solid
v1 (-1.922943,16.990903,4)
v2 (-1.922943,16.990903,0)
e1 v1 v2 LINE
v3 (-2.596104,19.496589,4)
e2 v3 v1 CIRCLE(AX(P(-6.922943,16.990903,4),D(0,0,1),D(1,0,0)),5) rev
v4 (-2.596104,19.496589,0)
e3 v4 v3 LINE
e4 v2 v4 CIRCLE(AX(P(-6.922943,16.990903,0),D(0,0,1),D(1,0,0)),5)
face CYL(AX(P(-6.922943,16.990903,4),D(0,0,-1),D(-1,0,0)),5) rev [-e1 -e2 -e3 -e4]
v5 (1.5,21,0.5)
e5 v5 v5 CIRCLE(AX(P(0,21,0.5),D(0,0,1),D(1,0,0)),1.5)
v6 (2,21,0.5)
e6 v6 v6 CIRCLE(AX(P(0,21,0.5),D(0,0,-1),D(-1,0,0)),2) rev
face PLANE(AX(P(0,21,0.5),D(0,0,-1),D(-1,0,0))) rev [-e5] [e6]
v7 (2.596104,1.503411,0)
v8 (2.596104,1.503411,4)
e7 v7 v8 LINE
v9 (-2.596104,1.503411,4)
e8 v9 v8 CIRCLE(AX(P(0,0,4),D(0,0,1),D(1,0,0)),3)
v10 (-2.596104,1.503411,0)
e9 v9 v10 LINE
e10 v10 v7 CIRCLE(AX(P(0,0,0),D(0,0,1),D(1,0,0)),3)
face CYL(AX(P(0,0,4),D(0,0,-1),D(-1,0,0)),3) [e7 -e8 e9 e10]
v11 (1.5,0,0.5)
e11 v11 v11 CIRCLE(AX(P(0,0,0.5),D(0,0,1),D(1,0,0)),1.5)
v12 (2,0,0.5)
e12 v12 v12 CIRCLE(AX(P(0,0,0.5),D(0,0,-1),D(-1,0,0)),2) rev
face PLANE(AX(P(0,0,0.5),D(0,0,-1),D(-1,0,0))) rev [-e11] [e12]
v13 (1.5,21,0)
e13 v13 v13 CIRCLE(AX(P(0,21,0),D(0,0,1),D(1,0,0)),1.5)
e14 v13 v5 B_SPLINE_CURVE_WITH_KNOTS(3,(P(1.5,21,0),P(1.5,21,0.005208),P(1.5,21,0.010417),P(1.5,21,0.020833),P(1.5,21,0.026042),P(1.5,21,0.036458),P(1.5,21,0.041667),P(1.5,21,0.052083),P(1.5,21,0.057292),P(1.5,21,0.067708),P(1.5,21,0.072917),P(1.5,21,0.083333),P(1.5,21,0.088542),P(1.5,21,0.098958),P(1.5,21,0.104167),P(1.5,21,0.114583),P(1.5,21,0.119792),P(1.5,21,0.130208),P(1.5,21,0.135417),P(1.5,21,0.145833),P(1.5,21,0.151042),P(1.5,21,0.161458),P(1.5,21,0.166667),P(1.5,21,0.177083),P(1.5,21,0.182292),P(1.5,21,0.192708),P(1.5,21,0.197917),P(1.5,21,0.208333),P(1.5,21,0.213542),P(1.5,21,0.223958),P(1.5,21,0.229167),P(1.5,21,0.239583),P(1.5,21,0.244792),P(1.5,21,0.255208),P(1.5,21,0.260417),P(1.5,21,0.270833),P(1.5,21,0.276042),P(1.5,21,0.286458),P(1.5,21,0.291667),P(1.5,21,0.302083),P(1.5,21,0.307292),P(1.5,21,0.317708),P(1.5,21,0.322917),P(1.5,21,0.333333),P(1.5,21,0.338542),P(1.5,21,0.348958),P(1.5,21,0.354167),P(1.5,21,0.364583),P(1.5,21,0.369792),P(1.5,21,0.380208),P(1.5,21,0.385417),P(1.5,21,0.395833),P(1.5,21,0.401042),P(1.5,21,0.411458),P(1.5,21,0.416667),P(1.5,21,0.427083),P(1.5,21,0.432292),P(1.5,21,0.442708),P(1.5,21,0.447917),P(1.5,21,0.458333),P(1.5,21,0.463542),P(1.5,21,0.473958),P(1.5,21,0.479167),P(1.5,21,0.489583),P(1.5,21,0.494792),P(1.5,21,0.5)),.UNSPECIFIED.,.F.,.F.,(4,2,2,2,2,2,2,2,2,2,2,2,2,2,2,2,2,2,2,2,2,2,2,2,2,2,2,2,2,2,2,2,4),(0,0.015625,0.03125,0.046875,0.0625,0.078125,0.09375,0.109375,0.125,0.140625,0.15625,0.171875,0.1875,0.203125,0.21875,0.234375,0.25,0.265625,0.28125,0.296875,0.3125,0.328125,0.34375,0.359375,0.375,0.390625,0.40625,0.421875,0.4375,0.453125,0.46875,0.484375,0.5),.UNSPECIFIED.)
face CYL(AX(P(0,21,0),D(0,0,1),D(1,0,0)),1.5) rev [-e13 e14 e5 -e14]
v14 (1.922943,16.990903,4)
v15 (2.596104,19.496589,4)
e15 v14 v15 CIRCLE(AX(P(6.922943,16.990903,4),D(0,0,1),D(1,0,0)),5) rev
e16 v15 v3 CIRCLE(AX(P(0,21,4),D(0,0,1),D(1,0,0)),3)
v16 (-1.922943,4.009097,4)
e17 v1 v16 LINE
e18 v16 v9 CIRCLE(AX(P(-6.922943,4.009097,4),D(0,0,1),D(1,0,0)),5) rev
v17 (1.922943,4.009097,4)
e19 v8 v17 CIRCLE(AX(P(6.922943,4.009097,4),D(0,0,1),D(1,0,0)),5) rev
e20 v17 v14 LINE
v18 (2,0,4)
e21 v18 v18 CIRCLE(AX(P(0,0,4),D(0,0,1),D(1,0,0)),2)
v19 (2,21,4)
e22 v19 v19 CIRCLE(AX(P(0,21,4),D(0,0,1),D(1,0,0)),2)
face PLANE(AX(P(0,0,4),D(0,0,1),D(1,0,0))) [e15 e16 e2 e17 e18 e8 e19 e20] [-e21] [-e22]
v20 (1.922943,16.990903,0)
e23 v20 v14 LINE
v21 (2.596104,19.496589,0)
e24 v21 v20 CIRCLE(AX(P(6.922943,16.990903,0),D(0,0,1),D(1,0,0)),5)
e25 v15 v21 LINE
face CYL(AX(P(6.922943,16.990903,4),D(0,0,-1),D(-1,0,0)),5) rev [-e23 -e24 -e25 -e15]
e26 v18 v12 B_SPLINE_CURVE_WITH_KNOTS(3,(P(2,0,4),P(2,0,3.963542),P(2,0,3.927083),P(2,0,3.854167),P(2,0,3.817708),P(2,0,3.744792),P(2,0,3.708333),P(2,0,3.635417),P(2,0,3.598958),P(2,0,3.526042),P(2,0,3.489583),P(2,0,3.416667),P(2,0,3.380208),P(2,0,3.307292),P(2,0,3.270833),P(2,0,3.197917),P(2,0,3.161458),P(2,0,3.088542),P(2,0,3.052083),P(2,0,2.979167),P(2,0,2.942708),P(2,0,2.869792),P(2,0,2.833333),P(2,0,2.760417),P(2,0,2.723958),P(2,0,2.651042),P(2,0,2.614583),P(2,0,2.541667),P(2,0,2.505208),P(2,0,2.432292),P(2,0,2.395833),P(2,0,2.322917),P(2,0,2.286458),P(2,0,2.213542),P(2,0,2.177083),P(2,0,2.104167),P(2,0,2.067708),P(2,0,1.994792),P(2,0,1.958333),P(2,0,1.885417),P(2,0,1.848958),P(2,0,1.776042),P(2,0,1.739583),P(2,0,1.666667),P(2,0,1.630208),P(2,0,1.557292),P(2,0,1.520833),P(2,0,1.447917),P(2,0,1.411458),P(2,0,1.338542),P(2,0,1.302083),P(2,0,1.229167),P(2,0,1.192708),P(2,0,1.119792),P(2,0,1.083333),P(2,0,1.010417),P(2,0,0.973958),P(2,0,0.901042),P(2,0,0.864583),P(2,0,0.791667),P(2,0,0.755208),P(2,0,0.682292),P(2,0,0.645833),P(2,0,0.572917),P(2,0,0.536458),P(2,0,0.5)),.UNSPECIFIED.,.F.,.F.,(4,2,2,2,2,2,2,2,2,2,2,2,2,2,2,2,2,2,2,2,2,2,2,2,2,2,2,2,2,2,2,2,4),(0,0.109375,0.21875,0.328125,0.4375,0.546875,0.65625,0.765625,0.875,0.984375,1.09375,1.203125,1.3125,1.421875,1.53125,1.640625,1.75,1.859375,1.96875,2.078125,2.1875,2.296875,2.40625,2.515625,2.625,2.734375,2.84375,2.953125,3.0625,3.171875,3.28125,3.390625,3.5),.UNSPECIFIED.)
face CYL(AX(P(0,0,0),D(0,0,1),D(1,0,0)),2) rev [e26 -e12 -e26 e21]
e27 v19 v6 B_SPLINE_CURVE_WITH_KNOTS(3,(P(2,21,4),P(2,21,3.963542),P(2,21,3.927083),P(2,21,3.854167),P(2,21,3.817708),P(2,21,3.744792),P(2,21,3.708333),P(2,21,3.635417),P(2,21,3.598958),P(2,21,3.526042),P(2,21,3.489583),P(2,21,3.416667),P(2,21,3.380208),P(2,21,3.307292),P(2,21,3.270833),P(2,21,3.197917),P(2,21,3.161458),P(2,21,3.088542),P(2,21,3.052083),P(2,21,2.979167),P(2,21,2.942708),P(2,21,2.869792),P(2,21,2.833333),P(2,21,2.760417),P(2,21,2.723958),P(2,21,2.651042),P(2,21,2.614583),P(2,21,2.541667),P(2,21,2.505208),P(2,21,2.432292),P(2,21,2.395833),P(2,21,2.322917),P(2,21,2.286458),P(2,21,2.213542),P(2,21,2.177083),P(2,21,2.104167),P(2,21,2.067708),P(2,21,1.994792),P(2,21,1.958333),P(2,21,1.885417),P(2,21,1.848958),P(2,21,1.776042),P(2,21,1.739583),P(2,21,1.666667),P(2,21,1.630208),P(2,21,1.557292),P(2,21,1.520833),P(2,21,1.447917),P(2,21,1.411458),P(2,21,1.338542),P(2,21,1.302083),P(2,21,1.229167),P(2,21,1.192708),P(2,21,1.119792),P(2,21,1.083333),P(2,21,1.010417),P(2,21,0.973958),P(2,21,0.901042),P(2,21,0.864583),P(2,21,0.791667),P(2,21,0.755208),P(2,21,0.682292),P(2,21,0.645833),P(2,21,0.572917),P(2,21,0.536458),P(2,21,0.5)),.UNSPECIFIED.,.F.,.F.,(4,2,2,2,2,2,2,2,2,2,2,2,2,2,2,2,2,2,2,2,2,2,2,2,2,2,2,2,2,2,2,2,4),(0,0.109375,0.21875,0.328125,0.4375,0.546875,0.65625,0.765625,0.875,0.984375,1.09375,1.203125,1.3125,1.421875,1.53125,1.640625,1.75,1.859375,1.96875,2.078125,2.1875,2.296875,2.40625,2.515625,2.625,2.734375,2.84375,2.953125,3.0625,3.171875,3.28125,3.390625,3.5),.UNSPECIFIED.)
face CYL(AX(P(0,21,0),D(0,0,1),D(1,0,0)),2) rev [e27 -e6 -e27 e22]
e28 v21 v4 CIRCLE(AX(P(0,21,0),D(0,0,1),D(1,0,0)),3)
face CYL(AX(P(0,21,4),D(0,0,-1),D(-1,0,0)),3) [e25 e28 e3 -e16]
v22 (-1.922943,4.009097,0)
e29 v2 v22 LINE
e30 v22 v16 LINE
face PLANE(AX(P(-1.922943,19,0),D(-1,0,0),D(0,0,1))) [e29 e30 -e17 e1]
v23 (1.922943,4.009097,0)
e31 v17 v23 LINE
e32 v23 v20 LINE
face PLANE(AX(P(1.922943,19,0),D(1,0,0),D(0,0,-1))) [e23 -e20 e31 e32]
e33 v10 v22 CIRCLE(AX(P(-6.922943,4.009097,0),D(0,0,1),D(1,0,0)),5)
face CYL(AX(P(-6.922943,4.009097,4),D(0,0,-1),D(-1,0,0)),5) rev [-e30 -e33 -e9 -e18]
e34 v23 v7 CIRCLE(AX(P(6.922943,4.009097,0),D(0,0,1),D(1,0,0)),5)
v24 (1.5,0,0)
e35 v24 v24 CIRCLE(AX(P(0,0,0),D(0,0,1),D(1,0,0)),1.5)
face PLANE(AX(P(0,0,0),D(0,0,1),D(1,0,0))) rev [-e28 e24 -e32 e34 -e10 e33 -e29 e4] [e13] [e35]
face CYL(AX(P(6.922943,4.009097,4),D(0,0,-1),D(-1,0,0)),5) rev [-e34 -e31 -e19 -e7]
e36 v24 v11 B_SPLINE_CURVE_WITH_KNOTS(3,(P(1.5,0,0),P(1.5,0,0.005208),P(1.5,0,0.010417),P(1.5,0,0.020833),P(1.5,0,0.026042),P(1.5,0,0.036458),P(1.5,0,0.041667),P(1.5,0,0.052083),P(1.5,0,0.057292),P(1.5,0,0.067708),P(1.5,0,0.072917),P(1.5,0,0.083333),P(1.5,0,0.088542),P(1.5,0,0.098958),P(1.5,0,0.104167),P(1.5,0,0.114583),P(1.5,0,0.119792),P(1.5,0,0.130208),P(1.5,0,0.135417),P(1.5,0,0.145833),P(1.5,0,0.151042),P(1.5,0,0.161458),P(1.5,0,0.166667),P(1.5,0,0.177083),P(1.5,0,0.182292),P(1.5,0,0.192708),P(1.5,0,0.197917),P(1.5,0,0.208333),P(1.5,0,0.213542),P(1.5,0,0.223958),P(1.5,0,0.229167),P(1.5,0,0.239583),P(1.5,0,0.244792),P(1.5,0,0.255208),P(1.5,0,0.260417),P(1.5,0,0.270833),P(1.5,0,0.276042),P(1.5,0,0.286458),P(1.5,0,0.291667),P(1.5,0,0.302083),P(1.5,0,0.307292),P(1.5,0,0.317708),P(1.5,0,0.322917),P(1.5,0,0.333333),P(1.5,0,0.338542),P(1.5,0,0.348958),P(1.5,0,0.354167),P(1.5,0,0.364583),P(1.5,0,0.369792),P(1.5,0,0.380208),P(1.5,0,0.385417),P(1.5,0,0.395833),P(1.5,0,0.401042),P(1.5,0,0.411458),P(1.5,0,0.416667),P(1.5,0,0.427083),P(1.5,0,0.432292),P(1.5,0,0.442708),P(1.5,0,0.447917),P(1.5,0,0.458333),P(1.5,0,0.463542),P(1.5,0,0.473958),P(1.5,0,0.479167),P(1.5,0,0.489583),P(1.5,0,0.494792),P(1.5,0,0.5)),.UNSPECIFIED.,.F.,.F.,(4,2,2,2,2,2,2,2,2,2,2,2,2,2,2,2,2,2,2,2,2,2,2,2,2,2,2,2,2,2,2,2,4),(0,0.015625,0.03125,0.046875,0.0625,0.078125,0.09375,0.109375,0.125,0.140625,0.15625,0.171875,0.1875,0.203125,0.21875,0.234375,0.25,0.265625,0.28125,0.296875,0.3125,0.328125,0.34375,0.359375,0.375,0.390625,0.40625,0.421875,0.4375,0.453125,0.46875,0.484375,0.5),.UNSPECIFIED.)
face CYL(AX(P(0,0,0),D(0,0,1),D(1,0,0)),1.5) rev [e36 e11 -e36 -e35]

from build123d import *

# Parameters (mm, degrees)
SKETCH6_R             = 3
BOSS_EXTRUDE4_DEPTH   = 4
BOSS_EXTRUDE4_2_DEPTH = 4
SKETCH7_R             = 2
CUT_EXTRUDE3_DEPTH    = 4
SKETCH8_W             = 3.845886706
SKETCH8_H             = 17
BOSS_EXTRUDE5_DEPTH   = 4
FILLET1_R             = 5
BOSS_EXTRUDE6_START   = -0.5
SKETCH9_R             = 2
BOSS_EXTRUDE6_DEPTH   = 0.5
SKETCH10_R            = 1.5
CUT_EXTRUDE4_DEPTH    = 0.5
BOSS_EXTRUDE7_START   = -0.5
SKETCH11_R            = 2
BOSS_EXTRUDE7_DEPTH   = 0.5
SKETCH12_R            = 1.5
CUT_EXTRUDE5_DEPTH    = 0.5


with BuildPart() as part:
    # Sketch6 → Boss-Extrude4 (new body)
    with BuildSketch(Plane.XY):
        Circle(SKETCH6_R)
    extrude(amount=BOSS_EXTRUDE4_DEPTH)


with BuildPart() as body_2:
    # Sketch6 → Boss-Extrude4 2 (new body)
    with BuildSketch(Plane.XY):
        with Locations((0, 21)):
            Circle(SKETCH6_R)
    extrude(amount=BOSS_EXTRUDE4_2_DEPTH)


with BuildPart() as cut_extrude3_tool:
    # Sketch7 → Cut-Extrude3 (new body)
    with BuildSketch(Plane.XY.offset(4)):
        with Locations((0, 21)):
            Circle(SKETCH7_R)
        Circle(SKETCH7_R)
    extrude(amount=-CUT_EXTRUDE3_DEPTH)


with BuildPart() as part_1:
    add(part.part)

    # Cut-Extrude3: cut by cut_extrude3_tool
    add(cut_extrude3_tool.part, mode=Mode.SUBTRACT)



with BuildPart() as body_2_1:
    add(body_2.part)

    # Cut-Extrude3: cut by cut_extrude3_tool
    add(cut_extrude3_tool.part, mode=Mode.SUBTRACT)


with BuildPart() as part_2:
    add(part_1.part)

    add(body_2_1.part)  # Boss-Extrude5 merges body 2
    # Sketch8 → Boss-Extrude5 (add)
    with BuildSketch(Plane.XY.offset(4)):
        with Locations((0, 10.5)):
            Rectangle(SKETCH8_W, SKETCH8_H)
    extrude(amount=-BOSS_EXTRUDE5_DEPTH)

    # Fillet1
    fillet1_edges = [part_2.edges().sort_by_distance(p)[0] for p in [
        (-1.922943353, 2.302669942, 2),
        (1.922943353, 2.302669942, 2),
        (1.922943353, 18.697330058, 2),
        (-1.922943353, 18.697330058, 2),
    ]]
    fillet(fillet1_edges, radius=FILLET1_R)

    # Sketch9 → Boss-Extrude6 (add)
    with BuildSketch(Plane(origin=(0, 0, 0), x_dir=(-1, 0, 0), z_dir=(0, 0, -1)).offset(BOSS_EXTRUDE6_START)):
        with Locations(Location((0, 21, 0), (0, 0, 180))):
            Circle(SKETCH9_R)
    extrude(amount=BOSS_EXTRUDE6_DEPTH)

    # Sketch10 → Cut-Extrude4 (cut)
    with BuildSketch(Plane.XY.offset(0.5)):
        with Locations((0, 21)):
            Circle(SKETCH10_R)
    extrude(amount=-CUT_EXTRUDE4_DEPTH, mode=Mode.SUBTRACT)

    # Sketch11 → Boss-Extrude7 (add)
    with BuildSketch(Plane(origin=(0, 0, 0), x_dir=(-1, 0, 0), z_dir=(0, 0, -1)).offset(BOSS_EXTRUDE7_START)):
        with Locations(Location((0, 0, 0), (0, 0, 180))):
            Circle(SKETCH11_R)
    extrude(amount=BOSS_EXTRUDE7_DEPTH)

    # Sketch12 → Cut-Extrude5 (cut)
    with BuildSketch(Plane.XY.offset(0.5)):
        Circle(SKETCH12_R)
    extrude(amount=-CUT_EXTRUDE5_DEPTH, mode=Mode.SUBTRACT)


solid = part_2.part
